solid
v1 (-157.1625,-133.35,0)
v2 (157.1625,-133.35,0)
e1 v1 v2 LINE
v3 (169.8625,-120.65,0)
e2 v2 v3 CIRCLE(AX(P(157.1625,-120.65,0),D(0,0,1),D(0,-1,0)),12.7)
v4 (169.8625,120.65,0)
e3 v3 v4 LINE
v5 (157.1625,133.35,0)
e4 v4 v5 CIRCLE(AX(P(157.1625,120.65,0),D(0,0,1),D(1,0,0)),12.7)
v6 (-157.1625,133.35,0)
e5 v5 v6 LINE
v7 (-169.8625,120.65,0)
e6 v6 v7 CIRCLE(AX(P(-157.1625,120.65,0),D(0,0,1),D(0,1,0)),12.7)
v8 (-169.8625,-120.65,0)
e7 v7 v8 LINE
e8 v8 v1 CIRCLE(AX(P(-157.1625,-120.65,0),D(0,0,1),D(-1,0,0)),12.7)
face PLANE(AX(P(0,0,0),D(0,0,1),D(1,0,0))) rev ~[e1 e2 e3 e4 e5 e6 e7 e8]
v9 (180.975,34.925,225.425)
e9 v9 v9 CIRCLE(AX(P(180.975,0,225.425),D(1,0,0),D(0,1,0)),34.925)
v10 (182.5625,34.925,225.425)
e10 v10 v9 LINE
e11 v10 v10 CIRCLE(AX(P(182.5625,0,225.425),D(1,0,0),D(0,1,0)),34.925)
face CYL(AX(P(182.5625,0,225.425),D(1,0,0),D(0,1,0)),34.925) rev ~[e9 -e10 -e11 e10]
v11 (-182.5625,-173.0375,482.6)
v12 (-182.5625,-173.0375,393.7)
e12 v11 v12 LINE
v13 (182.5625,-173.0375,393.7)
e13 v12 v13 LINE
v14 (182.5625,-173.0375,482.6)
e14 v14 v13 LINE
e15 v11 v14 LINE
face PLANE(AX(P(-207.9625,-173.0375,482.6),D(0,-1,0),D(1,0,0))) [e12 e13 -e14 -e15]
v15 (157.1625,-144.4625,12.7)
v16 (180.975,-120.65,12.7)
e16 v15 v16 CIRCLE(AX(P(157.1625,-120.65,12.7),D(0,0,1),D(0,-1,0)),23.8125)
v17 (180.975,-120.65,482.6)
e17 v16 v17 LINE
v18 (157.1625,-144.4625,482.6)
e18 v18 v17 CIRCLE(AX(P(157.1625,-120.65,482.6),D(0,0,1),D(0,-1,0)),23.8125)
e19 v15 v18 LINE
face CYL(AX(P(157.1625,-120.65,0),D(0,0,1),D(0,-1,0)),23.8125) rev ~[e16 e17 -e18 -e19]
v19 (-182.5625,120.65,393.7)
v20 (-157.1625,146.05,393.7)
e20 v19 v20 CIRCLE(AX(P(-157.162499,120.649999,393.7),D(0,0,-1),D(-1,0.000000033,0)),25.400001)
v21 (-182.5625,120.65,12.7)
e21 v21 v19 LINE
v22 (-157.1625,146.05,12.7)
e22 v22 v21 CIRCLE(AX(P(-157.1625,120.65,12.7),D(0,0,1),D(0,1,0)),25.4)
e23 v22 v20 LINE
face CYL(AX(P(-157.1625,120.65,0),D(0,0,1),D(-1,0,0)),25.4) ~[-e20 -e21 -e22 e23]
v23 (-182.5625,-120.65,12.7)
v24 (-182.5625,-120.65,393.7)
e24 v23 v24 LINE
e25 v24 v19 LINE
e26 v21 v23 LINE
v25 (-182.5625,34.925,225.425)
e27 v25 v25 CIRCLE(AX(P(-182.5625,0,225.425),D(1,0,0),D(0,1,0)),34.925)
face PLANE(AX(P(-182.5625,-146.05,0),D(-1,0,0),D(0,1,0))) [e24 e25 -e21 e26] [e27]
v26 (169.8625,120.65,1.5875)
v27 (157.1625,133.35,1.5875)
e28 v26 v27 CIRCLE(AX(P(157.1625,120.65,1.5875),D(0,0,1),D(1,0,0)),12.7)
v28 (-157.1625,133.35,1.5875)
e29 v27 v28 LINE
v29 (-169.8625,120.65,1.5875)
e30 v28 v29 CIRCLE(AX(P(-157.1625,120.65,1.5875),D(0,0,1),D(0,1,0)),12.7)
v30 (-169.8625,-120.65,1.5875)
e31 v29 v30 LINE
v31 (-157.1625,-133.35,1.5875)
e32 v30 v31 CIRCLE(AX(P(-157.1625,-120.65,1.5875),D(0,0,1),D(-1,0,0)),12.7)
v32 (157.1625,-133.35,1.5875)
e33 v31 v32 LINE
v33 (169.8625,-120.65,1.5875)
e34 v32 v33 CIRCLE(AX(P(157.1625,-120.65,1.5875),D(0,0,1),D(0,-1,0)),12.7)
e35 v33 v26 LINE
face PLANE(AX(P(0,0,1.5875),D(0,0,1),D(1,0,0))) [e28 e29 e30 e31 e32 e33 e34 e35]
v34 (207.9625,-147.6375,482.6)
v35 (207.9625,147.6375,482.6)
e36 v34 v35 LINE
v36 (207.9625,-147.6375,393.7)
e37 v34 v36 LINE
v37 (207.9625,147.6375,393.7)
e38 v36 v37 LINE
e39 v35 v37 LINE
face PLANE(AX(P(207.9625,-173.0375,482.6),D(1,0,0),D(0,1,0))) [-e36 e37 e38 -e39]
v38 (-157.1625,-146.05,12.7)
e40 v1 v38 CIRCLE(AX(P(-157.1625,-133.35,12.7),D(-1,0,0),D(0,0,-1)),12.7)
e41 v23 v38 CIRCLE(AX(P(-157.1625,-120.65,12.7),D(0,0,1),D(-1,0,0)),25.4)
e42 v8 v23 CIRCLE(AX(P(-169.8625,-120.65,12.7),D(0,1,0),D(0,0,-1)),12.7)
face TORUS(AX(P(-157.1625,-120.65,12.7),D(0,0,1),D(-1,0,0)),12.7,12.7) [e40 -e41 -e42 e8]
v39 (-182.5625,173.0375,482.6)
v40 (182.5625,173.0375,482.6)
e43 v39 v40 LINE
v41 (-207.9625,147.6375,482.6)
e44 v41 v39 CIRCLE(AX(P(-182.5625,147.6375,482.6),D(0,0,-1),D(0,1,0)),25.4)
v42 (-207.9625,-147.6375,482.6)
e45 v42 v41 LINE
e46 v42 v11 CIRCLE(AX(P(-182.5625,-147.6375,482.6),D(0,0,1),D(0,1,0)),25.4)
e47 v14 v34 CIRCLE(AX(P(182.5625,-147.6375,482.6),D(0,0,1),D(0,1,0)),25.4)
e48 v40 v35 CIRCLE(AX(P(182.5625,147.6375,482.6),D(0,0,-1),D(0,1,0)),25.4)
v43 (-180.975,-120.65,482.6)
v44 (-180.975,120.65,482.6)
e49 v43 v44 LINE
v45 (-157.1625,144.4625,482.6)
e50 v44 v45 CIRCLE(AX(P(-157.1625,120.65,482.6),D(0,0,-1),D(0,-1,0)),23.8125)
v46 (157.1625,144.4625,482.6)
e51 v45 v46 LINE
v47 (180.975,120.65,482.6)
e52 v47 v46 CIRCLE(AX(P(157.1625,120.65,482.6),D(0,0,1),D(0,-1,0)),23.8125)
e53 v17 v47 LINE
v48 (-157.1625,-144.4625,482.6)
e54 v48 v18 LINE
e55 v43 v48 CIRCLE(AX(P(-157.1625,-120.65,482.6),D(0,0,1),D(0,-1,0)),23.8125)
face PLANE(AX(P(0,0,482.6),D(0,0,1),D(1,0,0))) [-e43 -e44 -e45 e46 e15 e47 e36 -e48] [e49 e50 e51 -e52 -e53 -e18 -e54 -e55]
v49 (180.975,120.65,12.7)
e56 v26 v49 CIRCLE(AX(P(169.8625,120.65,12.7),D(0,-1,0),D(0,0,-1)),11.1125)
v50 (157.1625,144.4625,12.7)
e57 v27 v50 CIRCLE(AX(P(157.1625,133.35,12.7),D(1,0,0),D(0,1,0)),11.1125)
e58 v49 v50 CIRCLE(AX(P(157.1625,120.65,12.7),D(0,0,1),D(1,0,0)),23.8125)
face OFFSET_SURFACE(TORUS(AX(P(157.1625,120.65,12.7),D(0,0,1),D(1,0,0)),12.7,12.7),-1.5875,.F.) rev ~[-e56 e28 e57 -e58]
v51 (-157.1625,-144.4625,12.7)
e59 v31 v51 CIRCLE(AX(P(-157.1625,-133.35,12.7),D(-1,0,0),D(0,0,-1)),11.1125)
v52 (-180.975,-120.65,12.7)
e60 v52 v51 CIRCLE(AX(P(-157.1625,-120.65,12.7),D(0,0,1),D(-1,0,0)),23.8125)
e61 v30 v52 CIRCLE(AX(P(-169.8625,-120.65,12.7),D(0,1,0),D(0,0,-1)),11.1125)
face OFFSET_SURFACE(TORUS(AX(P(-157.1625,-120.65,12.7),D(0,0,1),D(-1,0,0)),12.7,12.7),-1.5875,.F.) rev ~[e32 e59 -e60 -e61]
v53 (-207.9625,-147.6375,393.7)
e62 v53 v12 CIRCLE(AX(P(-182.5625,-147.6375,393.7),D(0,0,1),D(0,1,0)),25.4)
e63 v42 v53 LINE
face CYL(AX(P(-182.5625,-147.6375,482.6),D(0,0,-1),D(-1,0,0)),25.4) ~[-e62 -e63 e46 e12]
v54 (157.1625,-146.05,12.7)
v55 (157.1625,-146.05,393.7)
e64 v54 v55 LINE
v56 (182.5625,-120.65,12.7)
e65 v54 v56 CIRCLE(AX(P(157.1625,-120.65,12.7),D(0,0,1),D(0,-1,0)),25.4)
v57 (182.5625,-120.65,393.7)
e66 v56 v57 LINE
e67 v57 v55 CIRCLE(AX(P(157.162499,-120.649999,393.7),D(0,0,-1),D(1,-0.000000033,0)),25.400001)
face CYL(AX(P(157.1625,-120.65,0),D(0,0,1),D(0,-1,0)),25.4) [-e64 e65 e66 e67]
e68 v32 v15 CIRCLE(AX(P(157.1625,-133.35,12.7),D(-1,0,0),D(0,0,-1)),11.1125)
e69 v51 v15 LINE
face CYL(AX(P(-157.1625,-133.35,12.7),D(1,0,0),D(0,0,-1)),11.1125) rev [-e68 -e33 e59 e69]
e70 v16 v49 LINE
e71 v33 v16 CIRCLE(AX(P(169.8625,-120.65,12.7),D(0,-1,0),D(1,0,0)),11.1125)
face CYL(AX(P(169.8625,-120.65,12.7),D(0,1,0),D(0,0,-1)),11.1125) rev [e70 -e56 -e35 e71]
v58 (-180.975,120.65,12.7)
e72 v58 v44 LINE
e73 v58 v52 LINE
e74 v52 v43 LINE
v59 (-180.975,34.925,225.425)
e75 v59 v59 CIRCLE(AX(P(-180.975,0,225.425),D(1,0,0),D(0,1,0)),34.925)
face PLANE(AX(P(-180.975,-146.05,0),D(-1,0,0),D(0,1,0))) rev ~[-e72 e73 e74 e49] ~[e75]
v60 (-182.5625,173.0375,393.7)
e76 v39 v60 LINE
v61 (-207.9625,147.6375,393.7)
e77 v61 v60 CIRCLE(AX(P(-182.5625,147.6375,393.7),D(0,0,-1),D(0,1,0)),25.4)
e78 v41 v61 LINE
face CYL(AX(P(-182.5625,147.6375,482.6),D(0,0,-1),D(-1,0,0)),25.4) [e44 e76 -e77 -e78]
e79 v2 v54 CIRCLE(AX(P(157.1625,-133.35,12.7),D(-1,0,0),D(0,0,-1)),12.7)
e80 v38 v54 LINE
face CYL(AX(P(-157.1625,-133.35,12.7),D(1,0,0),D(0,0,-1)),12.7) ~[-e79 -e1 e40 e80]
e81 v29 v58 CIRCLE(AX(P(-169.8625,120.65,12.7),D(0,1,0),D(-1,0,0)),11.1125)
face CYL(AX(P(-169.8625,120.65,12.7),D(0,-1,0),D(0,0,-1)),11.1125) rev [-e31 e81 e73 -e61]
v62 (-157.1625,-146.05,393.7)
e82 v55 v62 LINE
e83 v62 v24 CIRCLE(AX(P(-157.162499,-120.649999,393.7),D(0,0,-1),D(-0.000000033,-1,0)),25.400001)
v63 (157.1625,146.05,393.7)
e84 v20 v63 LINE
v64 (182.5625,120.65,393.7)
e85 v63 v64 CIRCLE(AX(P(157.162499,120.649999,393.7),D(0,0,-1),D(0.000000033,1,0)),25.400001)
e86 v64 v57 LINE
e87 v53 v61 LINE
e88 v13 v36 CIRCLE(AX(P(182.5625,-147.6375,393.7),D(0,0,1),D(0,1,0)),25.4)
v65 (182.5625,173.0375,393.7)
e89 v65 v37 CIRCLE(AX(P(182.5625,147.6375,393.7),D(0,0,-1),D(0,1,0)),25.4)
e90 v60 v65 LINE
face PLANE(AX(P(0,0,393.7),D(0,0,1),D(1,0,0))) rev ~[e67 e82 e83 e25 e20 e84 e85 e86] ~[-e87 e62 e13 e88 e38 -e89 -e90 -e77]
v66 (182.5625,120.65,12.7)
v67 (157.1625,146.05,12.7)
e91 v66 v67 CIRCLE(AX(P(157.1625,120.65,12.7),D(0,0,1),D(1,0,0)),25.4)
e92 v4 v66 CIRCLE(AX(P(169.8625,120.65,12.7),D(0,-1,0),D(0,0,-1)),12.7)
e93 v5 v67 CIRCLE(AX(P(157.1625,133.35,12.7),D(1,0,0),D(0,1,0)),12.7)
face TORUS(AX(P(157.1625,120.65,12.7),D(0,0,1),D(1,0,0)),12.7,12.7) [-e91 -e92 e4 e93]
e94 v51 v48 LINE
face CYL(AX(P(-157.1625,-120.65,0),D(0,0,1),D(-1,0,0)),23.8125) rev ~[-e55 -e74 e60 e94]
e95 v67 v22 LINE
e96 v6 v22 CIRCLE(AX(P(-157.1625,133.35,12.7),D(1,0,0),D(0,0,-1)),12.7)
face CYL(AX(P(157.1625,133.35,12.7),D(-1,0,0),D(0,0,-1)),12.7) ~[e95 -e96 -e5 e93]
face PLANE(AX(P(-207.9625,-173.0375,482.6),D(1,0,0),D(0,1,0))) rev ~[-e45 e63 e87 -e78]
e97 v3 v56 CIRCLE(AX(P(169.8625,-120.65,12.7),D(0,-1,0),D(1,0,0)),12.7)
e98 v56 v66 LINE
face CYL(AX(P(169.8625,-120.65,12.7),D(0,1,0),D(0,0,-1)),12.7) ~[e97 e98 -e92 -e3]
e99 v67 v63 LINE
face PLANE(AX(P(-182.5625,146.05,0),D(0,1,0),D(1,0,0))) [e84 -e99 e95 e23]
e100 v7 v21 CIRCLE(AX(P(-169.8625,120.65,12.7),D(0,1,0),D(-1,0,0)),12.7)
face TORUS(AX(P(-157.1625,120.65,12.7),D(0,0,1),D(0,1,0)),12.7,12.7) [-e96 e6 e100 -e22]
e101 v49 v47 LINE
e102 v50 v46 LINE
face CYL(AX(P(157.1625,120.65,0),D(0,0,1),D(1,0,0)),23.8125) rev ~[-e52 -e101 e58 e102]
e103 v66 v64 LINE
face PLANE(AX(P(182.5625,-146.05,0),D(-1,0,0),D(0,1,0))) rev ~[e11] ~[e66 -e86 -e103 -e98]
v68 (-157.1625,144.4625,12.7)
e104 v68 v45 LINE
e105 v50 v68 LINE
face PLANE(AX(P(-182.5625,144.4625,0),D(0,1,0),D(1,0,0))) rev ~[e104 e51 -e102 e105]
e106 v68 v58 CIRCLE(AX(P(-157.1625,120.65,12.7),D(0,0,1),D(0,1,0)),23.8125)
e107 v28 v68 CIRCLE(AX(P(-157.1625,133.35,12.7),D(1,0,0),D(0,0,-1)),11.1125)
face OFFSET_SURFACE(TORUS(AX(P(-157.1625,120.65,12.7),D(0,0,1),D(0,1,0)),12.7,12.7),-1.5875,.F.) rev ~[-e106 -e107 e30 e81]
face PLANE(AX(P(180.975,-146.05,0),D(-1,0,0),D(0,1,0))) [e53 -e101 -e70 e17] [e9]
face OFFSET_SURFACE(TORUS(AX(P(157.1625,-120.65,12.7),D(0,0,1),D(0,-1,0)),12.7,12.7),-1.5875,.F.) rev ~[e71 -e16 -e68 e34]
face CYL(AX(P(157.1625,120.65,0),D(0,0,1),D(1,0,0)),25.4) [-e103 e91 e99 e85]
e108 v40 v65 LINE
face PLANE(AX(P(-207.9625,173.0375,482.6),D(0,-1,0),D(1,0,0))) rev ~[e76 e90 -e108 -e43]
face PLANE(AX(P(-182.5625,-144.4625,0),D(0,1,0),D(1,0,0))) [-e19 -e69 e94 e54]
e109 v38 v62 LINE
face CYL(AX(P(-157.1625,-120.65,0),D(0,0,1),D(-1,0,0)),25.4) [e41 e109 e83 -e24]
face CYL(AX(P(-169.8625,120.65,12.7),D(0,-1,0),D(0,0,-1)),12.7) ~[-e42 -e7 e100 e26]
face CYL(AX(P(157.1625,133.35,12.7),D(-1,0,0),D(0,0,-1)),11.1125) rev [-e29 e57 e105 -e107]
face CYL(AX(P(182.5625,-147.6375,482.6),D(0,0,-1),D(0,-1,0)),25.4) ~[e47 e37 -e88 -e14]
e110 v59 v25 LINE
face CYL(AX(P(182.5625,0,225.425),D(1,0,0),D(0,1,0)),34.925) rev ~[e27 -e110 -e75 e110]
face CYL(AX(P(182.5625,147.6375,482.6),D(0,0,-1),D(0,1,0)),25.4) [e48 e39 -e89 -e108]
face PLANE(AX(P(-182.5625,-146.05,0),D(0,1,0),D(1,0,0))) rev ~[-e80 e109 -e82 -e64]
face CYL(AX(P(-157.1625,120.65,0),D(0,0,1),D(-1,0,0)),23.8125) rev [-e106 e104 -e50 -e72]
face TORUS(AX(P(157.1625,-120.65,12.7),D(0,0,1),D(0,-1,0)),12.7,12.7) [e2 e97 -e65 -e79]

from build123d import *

# Parameters (mm, degrees)
F0_W     = 365.125
F0_H     = 292.1
F1_DEPTH = 482.6
F2_R     = 25.4
F3_R     = 12.7
F4_T     = -1.5875
F5_R     = 34.925
F6_DEPTH = 365.126
F7_W     = 415.925
F7_H     = 346.075
F8_DEPTH = 88.9
F9_R     = 25.4


with BuildPart() as f1:
    # F0 (on Top) → F1 (new body)
    with BuildSketch(Plane.XY):
        Rectangle(F0_W, F0_H)
    extrude(amount=F1_DEPTH)

    # F2
    f2_edges = [f1.edges().sort_by_distance(p)[0] for p in [
        (-182.5625, -146.05, 241.3),
        (182.5625, -146.05, 241.3),
        (182.5625, 146.05, 241.3),
        (-182.5625, 146.05, 241.3),
    ]]
    fillet(f2_edges, radius=F2_R)

    # F3
    f3_edges = [f1.edges().sort_by_distance(p)[0] for p in [
        (0, -146.05, 0),
    ]]
    fillet(f3_edges, radius=F3_R)

    # F4
    f4_openings = [f1.faces().sort_by_distance(p)[0] for p in [
        (0, 0, 482.6),
    ]]
    offset(amount=F4_T, openings=f4_openings)

    # F5 (on face) → F6 (cut, through all)
    with BuildSketch(Plane.YZ.offset(182.5625)):
        with Locations((0, 225.425)):
            Circle(F5_R)
    extrude(amount=-F6_DEPTH, mode=Mode.SUBTRACT)

    # F7 (on face) → F8 (join)
    with BuildSketch(Plane.XY.offset(482.6)):
        Rectangle(F7_W, F7_H)
        with BuildLine():
            Line((-182.5625, -120.65), (-182.5625, 120.65))
            ThreePointArc((-182.5625, 120.65), (-175.123012, 138.610512), (-157.1625, 146.05))
            Line((-157.1625, 146.05), (157.1625, 146.05))
            ThreePointArc((157.1625, 146.05), (175.123012, 138.610512), (182.5625, 120.65))
            Line((182.5625, 120.65), (182.5625, -120.65))
            ThreePointArc((182.5625, -120.65), (175.123012, -138.610512), (157.1625, -146.05))
            Line((157.1625, -146.05), (-157.1625, -146.05))
            ThreePointArc((-157.1625, -146.05), (-175.123012, -138.610512), (-182.5625, -120.65))
        make_face(mode=Mode.SUBTRACT)
    extrude(amount=-F8_DEPTH)

    # F9
    f9_edges = [f1.edges().sort_by_distance(p)[0] for p in [
        (-207.9625, -173.0375, 438.15),
        (207.9625, -173.0375, 438.15),
        (207.9625, 173.0375, 438.15),
        (-207.9625, 173.0375, 438.15),
    ]]
    fillet(f9_edges, radius=F9_R)


solid = f1.part
